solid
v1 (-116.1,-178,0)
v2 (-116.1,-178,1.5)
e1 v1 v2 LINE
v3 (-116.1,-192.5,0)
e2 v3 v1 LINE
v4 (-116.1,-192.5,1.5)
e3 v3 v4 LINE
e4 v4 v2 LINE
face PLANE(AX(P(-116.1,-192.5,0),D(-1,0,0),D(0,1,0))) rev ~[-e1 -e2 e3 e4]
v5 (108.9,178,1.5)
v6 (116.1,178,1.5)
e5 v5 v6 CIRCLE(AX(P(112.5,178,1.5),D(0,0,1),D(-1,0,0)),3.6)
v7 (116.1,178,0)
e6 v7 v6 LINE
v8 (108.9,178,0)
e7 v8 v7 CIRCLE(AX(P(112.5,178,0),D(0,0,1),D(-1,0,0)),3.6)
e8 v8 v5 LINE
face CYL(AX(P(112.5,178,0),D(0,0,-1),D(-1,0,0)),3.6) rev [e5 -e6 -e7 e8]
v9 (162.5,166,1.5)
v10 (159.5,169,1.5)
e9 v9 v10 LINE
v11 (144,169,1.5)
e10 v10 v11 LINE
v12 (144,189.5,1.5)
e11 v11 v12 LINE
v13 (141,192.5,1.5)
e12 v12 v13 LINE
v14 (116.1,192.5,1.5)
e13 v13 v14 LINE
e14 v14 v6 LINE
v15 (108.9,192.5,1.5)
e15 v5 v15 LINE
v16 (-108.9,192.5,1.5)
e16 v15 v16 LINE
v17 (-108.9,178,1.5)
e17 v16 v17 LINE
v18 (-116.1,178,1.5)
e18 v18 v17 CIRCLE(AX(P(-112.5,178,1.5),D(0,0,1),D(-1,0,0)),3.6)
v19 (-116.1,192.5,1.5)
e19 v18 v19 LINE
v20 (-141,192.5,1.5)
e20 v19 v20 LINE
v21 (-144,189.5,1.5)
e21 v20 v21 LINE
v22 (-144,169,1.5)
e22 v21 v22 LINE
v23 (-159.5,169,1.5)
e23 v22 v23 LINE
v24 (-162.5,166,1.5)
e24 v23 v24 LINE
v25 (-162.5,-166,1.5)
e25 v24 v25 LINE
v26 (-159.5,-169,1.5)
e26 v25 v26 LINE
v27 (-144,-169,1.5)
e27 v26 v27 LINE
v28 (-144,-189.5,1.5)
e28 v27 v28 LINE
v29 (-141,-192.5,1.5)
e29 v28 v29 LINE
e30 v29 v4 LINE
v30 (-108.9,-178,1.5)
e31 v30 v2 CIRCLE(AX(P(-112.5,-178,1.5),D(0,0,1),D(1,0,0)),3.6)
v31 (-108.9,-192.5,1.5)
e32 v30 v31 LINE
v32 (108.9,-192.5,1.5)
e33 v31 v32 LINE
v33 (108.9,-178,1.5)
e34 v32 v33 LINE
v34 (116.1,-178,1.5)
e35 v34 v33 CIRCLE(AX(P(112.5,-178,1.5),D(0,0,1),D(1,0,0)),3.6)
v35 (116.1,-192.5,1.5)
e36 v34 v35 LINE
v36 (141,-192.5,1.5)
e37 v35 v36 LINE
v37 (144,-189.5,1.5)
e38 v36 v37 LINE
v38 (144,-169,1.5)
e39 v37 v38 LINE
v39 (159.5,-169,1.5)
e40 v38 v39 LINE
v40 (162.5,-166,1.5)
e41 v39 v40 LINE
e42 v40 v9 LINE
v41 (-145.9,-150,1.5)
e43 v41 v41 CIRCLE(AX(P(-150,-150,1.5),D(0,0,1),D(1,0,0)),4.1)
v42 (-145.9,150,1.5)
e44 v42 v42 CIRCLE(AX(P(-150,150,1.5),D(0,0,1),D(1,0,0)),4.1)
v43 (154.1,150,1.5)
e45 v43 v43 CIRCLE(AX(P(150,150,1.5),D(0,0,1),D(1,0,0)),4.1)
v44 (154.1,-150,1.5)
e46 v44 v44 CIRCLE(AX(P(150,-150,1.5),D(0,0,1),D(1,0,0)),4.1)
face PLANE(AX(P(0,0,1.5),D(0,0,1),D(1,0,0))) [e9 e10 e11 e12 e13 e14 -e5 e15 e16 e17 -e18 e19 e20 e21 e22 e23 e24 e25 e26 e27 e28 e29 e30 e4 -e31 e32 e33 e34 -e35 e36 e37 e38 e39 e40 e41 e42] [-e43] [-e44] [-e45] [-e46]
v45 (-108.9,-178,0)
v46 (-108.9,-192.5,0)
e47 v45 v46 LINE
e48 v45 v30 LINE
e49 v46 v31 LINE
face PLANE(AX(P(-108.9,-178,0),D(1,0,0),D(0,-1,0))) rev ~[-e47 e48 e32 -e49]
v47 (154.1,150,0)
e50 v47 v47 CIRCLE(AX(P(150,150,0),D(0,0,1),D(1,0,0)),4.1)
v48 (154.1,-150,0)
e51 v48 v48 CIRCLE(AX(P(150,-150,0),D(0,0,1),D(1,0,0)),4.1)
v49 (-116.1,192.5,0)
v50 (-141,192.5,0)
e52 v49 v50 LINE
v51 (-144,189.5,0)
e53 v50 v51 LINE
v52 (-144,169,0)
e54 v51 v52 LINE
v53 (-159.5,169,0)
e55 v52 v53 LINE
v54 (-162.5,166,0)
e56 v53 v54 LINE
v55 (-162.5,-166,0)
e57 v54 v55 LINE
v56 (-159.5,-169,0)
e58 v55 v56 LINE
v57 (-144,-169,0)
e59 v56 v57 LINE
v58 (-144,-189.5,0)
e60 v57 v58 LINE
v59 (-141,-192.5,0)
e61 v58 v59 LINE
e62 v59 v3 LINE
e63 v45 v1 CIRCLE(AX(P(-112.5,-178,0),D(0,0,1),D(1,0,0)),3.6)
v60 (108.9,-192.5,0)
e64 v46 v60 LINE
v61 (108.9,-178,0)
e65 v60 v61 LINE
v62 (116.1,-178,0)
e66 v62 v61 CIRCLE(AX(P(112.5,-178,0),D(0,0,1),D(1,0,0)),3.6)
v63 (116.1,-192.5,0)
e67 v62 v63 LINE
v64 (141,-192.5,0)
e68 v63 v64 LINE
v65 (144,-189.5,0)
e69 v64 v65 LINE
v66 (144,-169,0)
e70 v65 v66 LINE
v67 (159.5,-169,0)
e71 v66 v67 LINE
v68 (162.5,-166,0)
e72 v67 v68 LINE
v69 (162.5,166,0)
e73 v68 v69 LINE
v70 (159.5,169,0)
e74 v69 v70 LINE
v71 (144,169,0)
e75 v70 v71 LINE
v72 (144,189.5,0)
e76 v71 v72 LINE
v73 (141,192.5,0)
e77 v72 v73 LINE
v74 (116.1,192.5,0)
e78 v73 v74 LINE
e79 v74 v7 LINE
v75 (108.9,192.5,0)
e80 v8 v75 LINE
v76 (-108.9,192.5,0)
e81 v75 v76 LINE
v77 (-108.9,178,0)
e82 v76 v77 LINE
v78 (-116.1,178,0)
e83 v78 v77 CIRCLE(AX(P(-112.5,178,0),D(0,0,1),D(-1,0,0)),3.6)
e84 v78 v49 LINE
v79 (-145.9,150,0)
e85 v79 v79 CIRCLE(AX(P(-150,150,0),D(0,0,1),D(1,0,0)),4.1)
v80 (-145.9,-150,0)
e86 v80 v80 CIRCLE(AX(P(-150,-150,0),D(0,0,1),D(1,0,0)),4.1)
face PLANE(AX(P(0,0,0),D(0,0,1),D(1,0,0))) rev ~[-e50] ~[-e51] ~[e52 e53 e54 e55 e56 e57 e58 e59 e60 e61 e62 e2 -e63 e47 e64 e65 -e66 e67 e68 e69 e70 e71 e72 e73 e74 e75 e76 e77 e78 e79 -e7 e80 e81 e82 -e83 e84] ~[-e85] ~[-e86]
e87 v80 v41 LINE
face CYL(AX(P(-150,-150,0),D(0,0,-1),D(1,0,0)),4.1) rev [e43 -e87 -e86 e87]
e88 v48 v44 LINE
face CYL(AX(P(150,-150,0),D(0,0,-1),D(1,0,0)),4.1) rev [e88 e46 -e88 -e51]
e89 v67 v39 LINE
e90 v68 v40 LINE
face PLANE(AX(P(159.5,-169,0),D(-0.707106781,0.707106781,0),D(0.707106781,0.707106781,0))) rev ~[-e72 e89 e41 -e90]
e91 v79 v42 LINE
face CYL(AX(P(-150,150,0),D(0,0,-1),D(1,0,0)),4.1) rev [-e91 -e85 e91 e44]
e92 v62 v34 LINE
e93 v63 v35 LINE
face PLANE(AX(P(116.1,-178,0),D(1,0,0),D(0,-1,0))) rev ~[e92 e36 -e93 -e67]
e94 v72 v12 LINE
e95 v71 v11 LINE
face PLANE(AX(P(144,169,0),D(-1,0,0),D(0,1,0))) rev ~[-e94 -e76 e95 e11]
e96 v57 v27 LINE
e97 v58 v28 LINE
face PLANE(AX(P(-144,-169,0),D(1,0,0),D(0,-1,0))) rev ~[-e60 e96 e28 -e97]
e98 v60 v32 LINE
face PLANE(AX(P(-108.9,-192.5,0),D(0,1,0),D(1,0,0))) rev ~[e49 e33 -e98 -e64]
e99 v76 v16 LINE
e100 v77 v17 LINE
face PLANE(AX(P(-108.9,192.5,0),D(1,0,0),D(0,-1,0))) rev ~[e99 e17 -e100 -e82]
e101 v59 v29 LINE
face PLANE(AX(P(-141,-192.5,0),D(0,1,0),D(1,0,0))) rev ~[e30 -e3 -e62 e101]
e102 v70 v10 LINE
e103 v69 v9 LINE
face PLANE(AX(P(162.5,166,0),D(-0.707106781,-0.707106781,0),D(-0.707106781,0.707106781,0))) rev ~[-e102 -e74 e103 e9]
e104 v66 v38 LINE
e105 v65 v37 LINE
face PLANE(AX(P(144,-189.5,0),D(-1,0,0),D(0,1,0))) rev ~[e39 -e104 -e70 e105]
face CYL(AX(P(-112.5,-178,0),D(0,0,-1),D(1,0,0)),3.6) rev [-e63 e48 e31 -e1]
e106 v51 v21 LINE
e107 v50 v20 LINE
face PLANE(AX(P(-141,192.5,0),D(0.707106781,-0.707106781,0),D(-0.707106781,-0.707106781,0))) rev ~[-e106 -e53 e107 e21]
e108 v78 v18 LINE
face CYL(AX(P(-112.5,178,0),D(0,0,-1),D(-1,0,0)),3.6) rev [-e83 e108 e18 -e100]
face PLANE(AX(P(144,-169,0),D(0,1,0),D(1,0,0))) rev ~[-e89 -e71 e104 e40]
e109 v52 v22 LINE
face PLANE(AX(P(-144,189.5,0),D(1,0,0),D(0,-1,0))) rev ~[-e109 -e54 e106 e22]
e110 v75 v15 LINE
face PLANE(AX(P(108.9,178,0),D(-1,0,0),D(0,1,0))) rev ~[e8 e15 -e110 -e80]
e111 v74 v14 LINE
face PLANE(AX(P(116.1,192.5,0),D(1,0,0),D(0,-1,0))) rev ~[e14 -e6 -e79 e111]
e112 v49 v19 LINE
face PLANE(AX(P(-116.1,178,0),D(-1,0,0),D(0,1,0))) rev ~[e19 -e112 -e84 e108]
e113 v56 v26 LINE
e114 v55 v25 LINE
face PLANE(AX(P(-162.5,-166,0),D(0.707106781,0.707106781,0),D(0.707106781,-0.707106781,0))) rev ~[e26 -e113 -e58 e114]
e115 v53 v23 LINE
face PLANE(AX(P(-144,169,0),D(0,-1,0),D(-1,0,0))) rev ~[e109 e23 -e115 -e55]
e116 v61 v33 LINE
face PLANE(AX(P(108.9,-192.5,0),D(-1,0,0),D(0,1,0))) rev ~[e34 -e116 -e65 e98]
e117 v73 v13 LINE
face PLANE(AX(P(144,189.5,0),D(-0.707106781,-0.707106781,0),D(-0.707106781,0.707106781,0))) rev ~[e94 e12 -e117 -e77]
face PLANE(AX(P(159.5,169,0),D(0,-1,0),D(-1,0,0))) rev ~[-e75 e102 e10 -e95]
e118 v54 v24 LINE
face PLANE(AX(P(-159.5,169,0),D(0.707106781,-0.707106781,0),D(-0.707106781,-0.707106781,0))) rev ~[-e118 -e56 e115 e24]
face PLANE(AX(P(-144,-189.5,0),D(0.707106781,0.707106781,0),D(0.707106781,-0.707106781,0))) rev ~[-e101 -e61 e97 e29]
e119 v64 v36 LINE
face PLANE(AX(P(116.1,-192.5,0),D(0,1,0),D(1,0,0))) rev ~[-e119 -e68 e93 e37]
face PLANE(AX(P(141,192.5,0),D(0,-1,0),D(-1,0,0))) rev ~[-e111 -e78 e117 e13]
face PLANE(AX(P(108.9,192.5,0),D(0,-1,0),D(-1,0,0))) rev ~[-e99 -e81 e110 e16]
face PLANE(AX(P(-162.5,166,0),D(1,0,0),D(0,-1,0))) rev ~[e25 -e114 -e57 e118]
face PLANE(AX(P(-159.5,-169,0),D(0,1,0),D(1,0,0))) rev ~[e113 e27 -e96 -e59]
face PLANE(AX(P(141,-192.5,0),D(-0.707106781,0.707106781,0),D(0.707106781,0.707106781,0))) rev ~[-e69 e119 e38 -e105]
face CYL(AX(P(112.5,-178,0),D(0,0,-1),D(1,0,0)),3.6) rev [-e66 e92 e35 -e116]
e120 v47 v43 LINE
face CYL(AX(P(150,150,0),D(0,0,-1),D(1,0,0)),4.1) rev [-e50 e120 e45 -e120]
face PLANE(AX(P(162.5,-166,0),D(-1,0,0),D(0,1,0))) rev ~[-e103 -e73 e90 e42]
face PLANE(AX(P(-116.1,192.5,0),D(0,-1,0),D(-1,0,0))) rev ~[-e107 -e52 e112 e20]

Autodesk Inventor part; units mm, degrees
sketch "Sketch_1" plane through (0, 0, 0) normal (0, 0, 1) x (1, 0, 0)
  line L0 (-162.5, -166) -> (-159.5, -169)
  line L1 (-159.5, -169) -> (-144, -169)
  line L2 (-144, -169) -> (-144, -189.5)
  line L3 (-144, -189.5) -> (-141, -192.5)
  line L4 (-141, -192.5) -> (-116.1, -192.5)
  line L5 (-116.1, -192.5) -> (-116.1, -178)
  arc A0 (-108.9, -178) -> (-116.1, -178) centre (-112.5, -178) ccw
  line L6 (-108.9, -178) -> (-108.9, -192.5)
  line L7 (-108.9, -192.5) -> (108.9, -192.5)
  line L8 (108.9, -192.5) -> (108.9, -178)
  arc A1 (116.1, -178) -> (108.9, -178) centre (112.5, -178) ccw
  line L9 (116.1, -178) -> (116.1, -192.5)
  line L10 (116.1, -192.5) -> (141, -192.5)
  line L11 (141, -192.5) -> (144, -189.5)
  line L12 (144, -189.5) -> (144, -169)
  line L13 (144, -169) -> (159.5, -169)
  line L14 (159.5, -169) -> (162.5, -166)
  line L15 (162.5, -166) -> (162.5, 166)
  line L16 (162.5, 166) -> (159.5, 169)
  line L17 (159.5, 169) -> (144, 169)
  line L18 (144, 169) -> (144, 189.5)
  line L19 (144, 189.5) -> (141, 192.5)
  line L20 (141, 192.5) -> (116.1, 192.5)
  line L21 (116.1, 192.5) -> (116.1, 178)
  arc A2 (108.9, 178) -> (116.1, 178) centre (112.5, 178) ccw
  line L22 (108.9, 178) -> (108.9, 192.5)
  line L23 (108.9, 192.5) -> (-108.9, 192.5)
  line L24 (-108.9, 192.5) -> (-108.9, 178)
  arc A3 (-116.1, 178) -> (-108.9, 178) centre (-112.5, 178) ccw
  line L25 (-116.1, 178) -> (-116.1, 192.5)
  line L26 (-116.1, 192.5) -> (-141, 192.5)
  line L27 (-141, 192.5) -> (-144, 189.5)
  line L28 (-144, 189.5) -> (-144, 169)
  line L29 (-144, 169) -> (-159.5, 169)
  line L30 (-159.5, 169) -> (-162.5, 166)
  line L31 (-162.5, 166) -> (-162.5, -166)
  circle A4 centre (150, 150) radius 4.1
  circle A5 centre (150, -150) radius 4.1
  circle A6 centre (-150, 150) radius 4.1
  circle A7 centre (-150, -150) radius 4.1
extrude "Extrusion1" add sketch "Sketch_1" along normal blind 1.5
ref_plane "to_frame_XY" through (0, 0, 0) normal (0, 0, 1) x (1, 0, 0)
ref_plane "to_frame_YZ" through (0, 0, 0) normal (1, 0, 0) x (0, 1, 0)
ref_plane "to_frame_ZX" through (0, 0, 0) normal (0, 1, 0) x (0, 0, 1)
properties part number "JBMP1614"
